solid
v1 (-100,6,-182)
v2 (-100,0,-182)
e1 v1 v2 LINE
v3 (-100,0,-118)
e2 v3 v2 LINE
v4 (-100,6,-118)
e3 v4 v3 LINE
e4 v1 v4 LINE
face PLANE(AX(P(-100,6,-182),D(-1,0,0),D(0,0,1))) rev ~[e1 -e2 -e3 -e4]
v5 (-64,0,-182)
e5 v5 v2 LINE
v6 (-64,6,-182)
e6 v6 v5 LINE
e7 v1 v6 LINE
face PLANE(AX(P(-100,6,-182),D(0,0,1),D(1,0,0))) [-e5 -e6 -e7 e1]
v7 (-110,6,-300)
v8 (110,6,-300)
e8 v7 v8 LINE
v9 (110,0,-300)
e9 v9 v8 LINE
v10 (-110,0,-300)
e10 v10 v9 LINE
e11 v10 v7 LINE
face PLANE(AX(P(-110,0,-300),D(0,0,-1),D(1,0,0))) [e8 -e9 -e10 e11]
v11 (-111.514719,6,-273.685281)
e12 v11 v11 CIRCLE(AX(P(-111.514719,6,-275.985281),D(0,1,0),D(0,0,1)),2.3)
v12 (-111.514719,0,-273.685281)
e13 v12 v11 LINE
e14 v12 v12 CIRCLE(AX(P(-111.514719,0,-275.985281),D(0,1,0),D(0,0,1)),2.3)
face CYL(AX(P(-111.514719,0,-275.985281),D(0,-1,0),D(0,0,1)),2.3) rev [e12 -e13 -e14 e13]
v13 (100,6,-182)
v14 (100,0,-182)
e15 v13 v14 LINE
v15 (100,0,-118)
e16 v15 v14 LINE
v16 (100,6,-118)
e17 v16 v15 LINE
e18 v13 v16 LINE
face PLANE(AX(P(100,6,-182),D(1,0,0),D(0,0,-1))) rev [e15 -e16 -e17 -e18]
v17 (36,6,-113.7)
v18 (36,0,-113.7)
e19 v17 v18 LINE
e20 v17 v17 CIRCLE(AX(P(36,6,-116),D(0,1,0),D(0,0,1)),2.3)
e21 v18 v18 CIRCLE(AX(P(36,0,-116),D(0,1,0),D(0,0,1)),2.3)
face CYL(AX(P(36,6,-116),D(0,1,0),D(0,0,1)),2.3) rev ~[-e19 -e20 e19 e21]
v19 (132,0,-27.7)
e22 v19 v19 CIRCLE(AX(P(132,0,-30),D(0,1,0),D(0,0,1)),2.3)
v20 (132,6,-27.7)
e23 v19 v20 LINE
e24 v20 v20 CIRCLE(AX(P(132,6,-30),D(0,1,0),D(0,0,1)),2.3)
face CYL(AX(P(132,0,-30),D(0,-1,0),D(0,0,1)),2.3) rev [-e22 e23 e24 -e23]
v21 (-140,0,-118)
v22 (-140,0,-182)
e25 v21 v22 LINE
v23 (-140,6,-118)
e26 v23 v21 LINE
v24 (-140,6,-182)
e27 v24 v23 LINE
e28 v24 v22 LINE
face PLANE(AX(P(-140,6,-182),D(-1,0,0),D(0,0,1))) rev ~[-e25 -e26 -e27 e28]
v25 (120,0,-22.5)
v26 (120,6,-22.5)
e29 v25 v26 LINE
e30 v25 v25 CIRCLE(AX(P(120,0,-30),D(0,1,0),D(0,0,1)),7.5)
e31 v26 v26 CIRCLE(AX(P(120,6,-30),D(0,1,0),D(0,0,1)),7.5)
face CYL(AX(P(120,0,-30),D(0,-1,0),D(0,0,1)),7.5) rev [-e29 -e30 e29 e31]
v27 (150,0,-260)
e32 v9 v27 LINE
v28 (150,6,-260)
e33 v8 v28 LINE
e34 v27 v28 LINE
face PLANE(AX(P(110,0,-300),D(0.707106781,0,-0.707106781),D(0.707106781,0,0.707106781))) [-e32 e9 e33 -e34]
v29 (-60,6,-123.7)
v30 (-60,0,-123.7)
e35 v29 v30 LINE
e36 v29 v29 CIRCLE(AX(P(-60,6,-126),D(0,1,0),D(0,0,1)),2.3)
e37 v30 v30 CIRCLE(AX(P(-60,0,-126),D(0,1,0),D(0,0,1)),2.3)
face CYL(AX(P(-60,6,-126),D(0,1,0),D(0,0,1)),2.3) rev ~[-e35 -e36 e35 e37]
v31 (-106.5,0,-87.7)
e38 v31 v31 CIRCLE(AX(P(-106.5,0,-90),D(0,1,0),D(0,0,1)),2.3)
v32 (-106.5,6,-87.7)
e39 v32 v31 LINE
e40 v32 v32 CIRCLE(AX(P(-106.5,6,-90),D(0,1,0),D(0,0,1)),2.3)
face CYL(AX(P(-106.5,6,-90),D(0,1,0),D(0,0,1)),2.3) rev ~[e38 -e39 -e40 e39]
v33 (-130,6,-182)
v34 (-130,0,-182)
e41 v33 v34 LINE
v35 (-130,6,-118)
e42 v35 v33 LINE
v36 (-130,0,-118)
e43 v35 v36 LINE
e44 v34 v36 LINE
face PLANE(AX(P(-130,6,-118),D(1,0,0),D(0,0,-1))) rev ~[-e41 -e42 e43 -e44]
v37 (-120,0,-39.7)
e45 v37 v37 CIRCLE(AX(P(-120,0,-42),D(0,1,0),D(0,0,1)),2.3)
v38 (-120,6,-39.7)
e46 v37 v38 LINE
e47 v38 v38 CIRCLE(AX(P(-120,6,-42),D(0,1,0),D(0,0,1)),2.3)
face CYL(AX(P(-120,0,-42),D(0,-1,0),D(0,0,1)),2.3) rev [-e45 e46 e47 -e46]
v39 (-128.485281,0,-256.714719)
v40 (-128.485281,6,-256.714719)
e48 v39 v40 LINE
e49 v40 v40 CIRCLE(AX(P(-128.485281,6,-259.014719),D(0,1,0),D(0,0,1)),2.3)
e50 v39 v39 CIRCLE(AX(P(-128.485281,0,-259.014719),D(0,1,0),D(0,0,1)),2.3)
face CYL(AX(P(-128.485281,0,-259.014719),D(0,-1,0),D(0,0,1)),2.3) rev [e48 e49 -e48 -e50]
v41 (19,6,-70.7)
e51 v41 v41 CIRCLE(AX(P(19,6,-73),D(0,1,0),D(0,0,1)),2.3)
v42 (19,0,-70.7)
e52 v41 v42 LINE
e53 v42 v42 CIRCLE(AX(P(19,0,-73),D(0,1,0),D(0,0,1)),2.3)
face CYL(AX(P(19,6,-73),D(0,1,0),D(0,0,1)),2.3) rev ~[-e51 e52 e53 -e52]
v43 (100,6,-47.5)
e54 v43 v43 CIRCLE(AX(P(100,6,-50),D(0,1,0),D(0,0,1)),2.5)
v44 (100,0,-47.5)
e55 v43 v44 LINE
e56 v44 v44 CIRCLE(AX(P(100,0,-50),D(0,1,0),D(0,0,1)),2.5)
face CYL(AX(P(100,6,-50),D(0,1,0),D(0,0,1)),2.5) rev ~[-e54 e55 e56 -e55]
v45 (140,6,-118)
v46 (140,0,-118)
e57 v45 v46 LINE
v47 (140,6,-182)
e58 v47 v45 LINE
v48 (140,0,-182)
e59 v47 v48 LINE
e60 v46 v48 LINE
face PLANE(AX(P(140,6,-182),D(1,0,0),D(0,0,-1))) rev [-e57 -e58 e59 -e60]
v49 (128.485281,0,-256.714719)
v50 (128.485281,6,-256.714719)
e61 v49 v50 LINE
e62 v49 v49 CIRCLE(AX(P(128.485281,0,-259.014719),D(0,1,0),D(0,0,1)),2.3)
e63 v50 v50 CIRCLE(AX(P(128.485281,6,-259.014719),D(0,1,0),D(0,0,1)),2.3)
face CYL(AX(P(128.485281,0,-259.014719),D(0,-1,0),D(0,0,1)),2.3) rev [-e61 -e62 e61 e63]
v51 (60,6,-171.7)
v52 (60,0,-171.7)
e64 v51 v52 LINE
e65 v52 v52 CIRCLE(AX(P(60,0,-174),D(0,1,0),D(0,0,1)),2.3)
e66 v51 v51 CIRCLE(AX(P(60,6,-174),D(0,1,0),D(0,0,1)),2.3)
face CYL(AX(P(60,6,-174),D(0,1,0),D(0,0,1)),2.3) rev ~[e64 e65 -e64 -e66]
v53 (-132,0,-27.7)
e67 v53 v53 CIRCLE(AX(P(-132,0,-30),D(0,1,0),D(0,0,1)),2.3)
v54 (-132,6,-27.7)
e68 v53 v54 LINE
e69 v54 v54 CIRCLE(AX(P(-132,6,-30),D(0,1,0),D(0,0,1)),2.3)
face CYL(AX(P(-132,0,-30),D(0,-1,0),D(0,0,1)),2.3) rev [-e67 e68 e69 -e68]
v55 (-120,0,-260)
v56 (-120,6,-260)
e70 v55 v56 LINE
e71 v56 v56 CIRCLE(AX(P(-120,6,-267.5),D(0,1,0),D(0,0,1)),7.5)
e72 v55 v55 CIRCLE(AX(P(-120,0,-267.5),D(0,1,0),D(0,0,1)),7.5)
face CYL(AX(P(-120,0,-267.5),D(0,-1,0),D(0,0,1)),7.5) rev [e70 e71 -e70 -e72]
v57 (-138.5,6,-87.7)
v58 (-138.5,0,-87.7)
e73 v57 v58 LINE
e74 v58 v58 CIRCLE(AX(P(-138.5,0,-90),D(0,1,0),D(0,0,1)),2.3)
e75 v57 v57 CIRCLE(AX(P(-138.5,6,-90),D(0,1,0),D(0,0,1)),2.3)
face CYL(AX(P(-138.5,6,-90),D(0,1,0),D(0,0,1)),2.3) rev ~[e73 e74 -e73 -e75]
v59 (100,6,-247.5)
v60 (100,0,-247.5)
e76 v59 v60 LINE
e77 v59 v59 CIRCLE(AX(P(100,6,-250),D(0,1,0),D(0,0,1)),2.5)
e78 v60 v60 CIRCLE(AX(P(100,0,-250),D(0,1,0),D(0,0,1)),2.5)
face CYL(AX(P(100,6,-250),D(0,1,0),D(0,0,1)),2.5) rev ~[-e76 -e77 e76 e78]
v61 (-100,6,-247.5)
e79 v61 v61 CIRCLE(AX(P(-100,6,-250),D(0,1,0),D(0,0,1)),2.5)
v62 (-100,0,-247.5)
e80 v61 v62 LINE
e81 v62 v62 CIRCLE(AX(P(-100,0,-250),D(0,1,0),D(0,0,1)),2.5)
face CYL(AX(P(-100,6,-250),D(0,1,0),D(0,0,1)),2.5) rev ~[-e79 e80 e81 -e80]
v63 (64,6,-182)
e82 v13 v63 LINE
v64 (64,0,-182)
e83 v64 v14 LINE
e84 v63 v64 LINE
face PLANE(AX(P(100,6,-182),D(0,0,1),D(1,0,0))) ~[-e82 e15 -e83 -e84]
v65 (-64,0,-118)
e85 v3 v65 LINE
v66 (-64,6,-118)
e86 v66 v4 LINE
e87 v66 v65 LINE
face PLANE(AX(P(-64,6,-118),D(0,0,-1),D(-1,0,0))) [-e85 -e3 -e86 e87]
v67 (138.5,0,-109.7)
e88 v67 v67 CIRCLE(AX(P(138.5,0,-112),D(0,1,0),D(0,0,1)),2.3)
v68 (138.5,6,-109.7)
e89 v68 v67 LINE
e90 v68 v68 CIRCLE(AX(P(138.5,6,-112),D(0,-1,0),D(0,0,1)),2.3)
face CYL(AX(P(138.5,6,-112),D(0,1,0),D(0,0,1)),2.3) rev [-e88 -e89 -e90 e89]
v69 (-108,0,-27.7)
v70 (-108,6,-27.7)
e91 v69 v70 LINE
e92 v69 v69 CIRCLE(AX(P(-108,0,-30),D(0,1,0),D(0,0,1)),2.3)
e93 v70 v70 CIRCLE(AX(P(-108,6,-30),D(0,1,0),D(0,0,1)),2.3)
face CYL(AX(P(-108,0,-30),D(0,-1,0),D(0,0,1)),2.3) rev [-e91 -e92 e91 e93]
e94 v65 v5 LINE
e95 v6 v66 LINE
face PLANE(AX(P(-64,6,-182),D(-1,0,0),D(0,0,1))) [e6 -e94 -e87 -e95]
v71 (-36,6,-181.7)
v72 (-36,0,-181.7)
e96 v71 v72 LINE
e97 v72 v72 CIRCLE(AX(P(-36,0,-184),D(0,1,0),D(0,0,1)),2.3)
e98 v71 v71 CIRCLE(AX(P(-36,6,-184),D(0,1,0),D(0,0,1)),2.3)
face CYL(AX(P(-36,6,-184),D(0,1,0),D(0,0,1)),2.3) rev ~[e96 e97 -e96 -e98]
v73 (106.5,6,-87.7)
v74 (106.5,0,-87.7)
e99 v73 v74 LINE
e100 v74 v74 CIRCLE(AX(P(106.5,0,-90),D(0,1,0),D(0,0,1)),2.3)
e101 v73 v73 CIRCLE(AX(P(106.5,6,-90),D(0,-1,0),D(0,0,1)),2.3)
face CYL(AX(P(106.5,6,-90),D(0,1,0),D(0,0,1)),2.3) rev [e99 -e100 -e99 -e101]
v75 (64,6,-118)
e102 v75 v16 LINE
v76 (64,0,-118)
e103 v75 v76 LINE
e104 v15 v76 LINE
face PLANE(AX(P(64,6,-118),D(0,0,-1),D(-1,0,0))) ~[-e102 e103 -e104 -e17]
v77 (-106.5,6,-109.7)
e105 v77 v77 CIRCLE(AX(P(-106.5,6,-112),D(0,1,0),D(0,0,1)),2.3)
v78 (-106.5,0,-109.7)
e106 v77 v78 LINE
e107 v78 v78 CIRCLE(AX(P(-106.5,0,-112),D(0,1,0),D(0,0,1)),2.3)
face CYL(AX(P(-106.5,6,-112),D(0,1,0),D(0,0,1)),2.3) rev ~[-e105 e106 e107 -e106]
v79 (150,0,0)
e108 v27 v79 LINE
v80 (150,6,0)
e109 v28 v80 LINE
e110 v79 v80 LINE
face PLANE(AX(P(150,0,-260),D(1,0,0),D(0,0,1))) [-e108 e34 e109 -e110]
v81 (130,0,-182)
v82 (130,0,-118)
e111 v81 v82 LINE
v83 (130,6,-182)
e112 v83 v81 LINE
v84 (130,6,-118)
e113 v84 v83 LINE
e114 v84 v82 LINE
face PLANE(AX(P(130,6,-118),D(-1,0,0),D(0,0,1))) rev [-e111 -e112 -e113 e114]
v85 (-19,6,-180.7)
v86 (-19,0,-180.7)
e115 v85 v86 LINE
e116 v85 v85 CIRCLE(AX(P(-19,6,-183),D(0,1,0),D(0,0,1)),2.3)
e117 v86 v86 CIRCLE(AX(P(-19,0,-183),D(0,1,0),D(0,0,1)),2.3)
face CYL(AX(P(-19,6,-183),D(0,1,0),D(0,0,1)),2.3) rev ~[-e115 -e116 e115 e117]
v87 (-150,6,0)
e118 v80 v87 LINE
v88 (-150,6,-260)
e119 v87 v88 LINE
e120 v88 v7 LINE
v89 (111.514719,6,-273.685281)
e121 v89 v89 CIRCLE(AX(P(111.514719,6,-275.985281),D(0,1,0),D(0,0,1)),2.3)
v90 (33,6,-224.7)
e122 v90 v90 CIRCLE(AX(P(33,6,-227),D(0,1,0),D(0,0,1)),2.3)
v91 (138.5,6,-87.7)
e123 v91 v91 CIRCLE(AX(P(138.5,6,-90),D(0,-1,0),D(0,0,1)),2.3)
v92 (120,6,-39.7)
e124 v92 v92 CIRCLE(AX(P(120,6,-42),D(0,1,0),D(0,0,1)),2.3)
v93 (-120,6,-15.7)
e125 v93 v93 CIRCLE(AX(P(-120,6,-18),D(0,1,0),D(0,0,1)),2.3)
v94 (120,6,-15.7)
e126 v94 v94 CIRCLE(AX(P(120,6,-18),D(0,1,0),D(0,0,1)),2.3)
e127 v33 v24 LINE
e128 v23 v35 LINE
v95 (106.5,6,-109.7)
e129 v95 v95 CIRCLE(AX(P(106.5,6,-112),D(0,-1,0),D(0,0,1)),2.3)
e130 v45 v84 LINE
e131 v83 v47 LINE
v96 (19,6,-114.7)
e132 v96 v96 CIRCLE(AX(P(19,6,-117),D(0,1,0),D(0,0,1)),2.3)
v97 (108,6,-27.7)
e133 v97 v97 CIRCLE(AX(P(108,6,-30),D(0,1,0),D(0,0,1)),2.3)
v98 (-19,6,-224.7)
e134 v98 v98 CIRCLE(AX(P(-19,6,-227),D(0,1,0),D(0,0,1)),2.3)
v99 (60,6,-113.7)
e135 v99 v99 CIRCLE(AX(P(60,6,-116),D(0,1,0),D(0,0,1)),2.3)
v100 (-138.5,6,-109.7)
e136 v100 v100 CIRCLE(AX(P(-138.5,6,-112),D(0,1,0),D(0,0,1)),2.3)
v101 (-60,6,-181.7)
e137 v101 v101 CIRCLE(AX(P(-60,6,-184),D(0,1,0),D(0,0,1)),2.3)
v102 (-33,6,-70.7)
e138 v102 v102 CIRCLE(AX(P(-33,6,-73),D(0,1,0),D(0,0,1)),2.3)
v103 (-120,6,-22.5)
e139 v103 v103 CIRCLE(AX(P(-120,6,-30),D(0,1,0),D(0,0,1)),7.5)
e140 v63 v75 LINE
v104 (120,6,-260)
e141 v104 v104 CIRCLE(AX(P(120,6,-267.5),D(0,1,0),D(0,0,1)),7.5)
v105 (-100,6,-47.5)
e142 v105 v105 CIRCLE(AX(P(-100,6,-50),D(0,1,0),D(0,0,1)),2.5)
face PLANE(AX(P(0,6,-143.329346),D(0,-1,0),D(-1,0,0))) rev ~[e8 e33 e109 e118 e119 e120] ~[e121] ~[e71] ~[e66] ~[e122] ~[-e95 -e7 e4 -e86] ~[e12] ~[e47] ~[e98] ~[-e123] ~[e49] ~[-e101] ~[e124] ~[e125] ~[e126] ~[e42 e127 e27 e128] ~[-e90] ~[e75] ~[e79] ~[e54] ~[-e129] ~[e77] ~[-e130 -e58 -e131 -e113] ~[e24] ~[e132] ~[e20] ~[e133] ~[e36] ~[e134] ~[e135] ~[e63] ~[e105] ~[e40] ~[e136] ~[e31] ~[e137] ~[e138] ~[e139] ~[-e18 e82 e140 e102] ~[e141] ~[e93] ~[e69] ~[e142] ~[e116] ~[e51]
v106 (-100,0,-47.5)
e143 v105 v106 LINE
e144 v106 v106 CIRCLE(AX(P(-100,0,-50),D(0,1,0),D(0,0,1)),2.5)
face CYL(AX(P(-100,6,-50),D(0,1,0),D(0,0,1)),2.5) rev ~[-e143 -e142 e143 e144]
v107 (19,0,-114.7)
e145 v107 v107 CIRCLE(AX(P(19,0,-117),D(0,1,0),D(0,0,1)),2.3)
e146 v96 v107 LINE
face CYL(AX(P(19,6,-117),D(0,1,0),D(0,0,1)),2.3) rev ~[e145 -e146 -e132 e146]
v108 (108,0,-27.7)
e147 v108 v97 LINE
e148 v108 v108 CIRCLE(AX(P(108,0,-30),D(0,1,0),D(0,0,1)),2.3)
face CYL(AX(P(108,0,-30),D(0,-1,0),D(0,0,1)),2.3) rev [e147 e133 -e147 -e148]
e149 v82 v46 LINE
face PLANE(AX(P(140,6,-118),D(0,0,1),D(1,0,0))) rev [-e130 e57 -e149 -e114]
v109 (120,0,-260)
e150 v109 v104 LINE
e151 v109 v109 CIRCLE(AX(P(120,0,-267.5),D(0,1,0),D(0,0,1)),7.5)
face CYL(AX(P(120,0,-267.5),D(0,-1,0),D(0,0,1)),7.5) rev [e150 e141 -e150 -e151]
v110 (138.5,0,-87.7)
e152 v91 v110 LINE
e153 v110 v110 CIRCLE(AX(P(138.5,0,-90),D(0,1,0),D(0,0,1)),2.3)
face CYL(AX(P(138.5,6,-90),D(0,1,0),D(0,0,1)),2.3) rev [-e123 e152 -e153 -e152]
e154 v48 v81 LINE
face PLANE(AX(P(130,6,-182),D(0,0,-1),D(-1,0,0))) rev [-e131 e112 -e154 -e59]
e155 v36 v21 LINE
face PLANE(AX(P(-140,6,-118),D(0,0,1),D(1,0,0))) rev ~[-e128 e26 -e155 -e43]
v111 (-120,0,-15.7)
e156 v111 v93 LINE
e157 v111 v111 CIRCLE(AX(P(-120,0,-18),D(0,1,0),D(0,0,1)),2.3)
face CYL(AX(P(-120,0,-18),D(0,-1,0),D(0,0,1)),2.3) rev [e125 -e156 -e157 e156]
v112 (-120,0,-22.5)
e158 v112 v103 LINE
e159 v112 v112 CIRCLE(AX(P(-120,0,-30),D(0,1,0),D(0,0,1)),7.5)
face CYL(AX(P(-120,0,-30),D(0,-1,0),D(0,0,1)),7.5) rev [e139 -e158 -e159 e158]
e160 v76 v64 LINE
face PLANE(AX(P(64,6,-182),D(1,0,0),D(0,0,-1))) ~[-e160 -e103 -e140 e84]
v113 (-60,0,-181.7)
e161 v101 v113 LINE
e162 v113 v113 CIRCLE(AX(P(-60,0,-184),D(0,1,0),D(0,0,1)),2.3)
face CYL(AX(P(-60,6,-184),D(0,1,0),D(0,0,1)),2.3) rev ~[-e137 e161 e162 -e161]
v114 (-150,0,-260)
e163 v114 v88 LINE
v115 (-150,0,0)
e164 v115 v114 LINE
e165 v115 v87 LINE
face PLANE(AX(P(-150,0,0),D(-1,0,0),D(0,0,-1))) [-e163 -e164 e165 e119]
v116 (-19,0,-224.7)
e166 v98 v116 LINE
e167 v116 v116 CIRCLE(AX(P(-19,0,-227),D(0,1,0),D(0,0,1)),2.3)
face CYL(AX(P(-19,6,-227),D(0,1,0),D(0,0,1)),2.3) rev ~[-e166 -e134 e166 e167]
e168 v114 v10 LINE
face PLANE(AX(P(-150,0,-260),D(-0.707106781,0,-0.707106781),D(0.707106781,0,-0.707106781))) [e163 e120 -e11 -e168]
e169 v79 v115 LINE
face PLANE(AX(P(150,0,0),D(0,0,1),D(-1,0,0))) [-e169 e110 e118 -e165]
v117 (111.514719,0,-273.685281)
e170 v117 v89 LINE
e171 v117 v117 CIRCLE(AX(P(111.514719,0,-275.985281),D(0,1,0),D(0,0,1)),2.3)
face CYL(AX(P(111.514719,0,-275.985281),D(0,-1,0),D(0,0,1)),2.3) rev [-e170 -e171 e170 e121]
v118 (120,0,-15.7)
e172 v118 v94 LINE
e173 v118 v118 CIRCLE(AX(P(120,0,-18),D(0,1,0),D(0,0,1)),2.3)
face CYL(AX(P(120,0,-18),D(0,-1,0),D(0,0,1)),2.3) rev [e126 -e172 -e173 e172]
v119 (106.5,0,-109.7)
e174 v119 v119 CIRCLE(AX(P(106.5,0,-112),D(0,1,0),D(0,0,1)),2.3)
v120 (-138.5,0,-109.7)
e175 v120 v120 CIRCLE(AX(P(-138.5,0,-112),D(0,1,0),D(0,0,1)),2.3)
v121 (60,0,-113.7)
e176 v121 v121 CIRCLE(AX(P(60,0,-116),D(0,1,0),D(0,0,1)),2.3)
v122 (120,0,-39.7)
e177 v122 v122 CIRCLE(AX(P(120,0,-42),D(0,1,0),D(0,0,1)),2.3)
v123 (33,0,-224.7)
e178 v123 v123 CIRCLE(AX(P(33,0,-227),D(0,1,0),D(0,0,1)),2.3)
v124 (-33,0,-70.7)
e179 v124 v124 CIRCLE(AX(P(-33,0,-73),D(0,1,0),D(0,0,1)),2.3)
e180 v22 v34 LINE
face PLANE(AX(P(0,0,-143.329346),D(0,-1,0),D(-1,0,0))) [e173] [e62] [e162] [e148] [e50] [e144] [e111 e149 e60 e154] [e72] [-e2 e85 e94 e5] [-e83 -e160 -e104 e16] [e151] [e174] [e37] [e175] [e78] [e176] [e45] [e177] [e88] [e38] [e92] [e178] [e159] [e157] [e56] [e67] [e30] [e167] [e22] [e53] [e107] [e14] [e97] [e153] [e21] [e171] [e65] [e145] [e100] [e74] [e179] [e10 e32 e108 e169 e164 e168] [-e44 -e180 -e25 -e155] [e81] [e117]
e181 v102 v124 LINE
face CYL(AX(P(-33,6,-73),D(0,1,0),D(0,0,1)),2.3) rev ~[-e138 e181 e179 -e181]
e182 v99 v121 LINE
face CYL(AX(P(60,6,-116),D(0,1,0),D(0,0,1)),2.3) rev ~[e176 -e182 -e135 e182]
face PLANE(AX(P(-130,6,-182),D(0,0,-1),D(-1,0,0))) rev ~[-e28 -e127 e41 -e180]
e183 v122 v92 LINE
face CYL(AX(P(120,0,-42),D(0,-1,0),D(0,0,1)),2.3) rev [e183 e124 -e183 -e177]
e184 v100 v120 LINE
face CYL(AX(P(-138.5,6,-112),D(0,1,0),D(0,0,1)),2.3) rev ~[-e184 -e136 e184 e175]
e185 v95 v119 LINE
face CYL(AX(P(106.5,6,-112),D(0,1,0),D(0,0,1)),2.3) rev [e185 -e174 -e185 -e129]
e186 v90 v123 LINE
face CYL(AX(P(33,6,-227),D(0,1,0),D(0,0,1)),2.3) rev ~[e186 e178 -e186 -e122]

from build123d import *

# Parameters (mm, degrees)
ESQUISSE1_R              = 7.5
ESQUISSE1_R_2            = 2.3
BOSS_EXTRU_1_DEPTH       = 6
ENL_V_MAT_EXTRU_9_DEPTH  = 10.5
ESQUISSE6_R              = 2.3
ENL_V_MAT_EXTRU_10_DEPTH = 50
ENL_V_MAT_EXTRU_11_DEPTH = 50
ESQUISSE9_R              = 2.5
ENL_V_MAT_EXTRU_12_DEPTH = 35
ESQUISSE11_R             = 2.3
ENL_V_MAT_EXTRU_15_DEPTH = 10


with BuildPart() as part:
    # Esquisse1 → Boss.-Extru.1 (new body)
    with BuildSketch(Plane(origin=(0, 0, 0), x_dir=(1, 0, 0), z_dir=(0, 1, 0))):
        Polygon((-150, 0), (-150, 260), (-110, 300), (110, 300), (150, 260), (150, 0), align=None)
        with Locations(Location((-120, 30, 0), (0, 0, 270))):
            Circle(ESQUISSE1_R, mode=Mode.SUBTRACT)
        with Locations(Location((-120, 267.5, 0), (0, 0, 270))):
            Circle(ESQUISSE1_R, mode=Mode.SUBTRACT)
        with Locations(Location((120, 267.5, 0), (0, 0, 270))):
            Circle(ESQUISSE1_R, mode=Mode.SUBTRACT)
        with Locations(Location((-111.514718626, 275.985281374, 0), (0, 0, 270))):
            Circle(ESQUISSE1_R_2, mode=Mode.SUBTRACT)
        with Locations(Location((-128.485281374, 259.014718626, 0), (0, 0, 270))):
            Circle(ESQUISSE1_R_2, mode=Mode.SUBTRACT)
        with Locations(Location((111.514718626, 275.985281374, 0), (0, 0, 270))):
            Circle(ESQUISSE1_R_2, mode=Mode.SUBTRACT)
        with Locations(Location((128.485281374, 259.014718626, 0), (0, 0, 270))):
            Circle(ESQUISSE1_R_2, mode=Mode.SUBTRACT)
        with Locations(Location((120, 30, 0), (0, 0, 270))):
            Circle(ESQUISSE1_R, mode=Mode.SUBTRACT)
        with Locations(Location((120, 42, 0), (0, 0, 270))):
            Circle(ESQUISSE1_R_2, mode=Mode.SUBTRACT)
        with Locations(Location((-120, 42, 0), (0, 0, 270))):
            Circle(ESQUISSE1_R_2, mode=Mode.SUBTRACT)
        with Locations(Location((-120, 18, 0), (0, 0, 270))):
            Circle(ESQUISSE1_R_2, mode=Mode.SUBTRACT)
        with Locations(Location((-132, 30, 0), (0, 0, 270))):
            Circle(ESQUISSE1_R_2, mode=Mode.SUBTRACT)
        with Locations(Location((-108, 30, 0), (0, 0, 270))):
            Circle(ESQUISSE1_R_2, mode=Mode.SUBTRACT)
        with Locations(Location((108, 30, 0), (0, 0, 270))):
            Circle(ESQUISSE1_R_2, mode=Mode.SUBTRACT)
        with Locations(Location((132, 30, 0), (0, 0, 270))):
            Circle(ESQUISSE1_R_2, mode=Mode.SUBTRACT)
        with Locations(Location((120, 18, 0), (0, 0, 270))):
            Circle(ESQUISSE1_R_2, mode=Mode.SUBTRACT)
    extrude(amount=BOSS_EXTRU_1_DEPTH)

    # Esquisse7 → Enlèv. mat.-Extru.9 (cut)
    with BuildSketch(Plane(origin=(0, 6, 0), x_dir=(1, 0, 0), z_dir=(0, 1, 0))):
        Polygon((-130, 150), (-130, 182), (-140, 182), (-140, 118), (-130, 118), align=None)
    enl_v_mat_extru_9 = extrude(amount=-ENL_V_MAT_EXTRU_9_DEPTH, mode=Mode.SUBTRACT)

    # Esquisse6 → Enlèv. mat.-Extru.10 (cut)
    with BuildSketch(Plane(origin=(0, 6, 0), x_dir=(1, 0, 0), z_dir=(0, 1, 0))):
        with Locations(Location((-138.5, 90, 0), (0, 0, 270))):
            Circle(ESQUISSE6_R)
        with Locations(Location((-138.5, 112, 0), (0, 0, 270))):
            Circle(ESQUISSE6_R)
        with Locations(Location((-106.5, 112, 0), (0, 0, 270))):
            Circle(ESQUISSE6_R)
        with Locations(Location((-106.5, 90, 0), (0, 0, 270))):
            Circle(ESQUISSE6_R)
    enl_v_mat_extru_10 = extrude(amount=-ENL_V_MAT_EXTRU_10_DEPTH, mode=Mode.SUBTRACT)

    # Esquisse4 → Enlèv. mat.-Extru.11 (cut)
    with BuildSketch(Plane(origin=(0, 6, 0), x_dir=(1, 0, 0), z_dir=(0, 1, 0))):
        Polygon((-100, 150), (-100, 182), (-64, 182), (-64, 118), (-100, 118), align=None)
    enl_v_mat_extru_11 = extrude(amount=-ENL_V_MAT_EXTRU_11_DEPTH, mode=Mode.SUBTRACT)

    # Symétrie1: Enlèv. mat.-Extru.9 across plane
    add(enl_v_mat_extru_9.mirror(Plane(origin=(0, 0, 0), x_dir=(0, 0, 1), z_dir=(1, 0, 0))), mode=Mode.SUBTRACT)

    # Symétrie2: Enlèv. mat.-Extru.11 across plane
    add(enl_v_mat_extru_11.mirror(Plane(origin=(0, 0, 0), x_dir=(0, 0, 1), z_dir=(1, 0, 0))), mode=Mode.SUBTRACT)

    # Symétrie3: Enlèv. mat.-Extru.10 across plane
    add(enl_v_mat_extru_10.mirror(Plane(origin=(0, 0, 0), x_dir=(0, 0, 1), z_dir=(1, 0, 0))), mode=Mode.SUBTRACT)

    # Esquisse9 → Enlèv. mat.-Extru.12 (cut)
    with BuildSketch(Plane(origin=(0, 6, 0), x_dir=(1, 0, 0), z_dir=(0, 1, 0))):
        with Locations(Location((-100, 50, 0), (0, 0, 270))):
            Circle(ESQUISSE9_R)
        with Locations(Location((100, 50, 0), (0, 0, 270))):
            Circle(ESQUISSE9_R)
        with Locations(Location((100, 250, 0), (0, 0, 270))):
            Circle(ESQUISSE9_R)
        with Locations(Location((-100, 250, 0), (0, 0, 270))):
            Circle(ESQUISSE9_R)
    extrude(amount=-ENL_V_MAT_EXTRU_12_DEPTH, mode=Mode.SUBTRACT)

    # Esquisse11 → Enlèv. mat.-Extru.15 (cut)
    with BuildSketch(Plane(origin=(0, 6, 0), x_dir=(1, 0, 0), z_dir=(0, 1, 0))):
        with Locations(Location((36, 116, 0), (0, 0, 270))):
            Circle(ESQUISSE11_R)
        with Locations(Location((60, 116, 0), (0, 0, 270))):
            Circle(ESQUISSE11_R)
        with Locations(Location((60, 174, 0), (0, 0, 270))):
            Circle(ESQUISSE11_R)
        with Locations(Location((-19, 227, 0), (0, 0, 270))):
            Circle(ESQUISSE11_R)
        with Locations(Location((-19, 183, 0), (0, 0, 270))):
            Circle(ESQUISSE11_R)
        with Locations(Location((33, 227, 0), (0, 0, 270))):
            Circle(ESQUISSE11_R)
        with Locations(Location((19, 117, 0), (0, 0, 270))):
            Circle(ESQUISSE11_R)
        with Locations(Location((19, 73, 0), (0, 0, 270))):
            Circle(ESQUISSE11_R)
        with Locations(Location((-33, 73, 0), (0, 0, 270))):
            Circle(ESQUISSE11_R)
        with Locations(Location((-60, 126, 0), (0, 0, 270))):
            Circle(ESQUISSE11_R)
        with Locations(Location((-36, 184, 0), (0, 0, 270))):
            Circle(ESQUISSE11_R)
        with Locations(Location((-60, 184, 0), (0, 0, 270))):
            Circle(ESQUISSE11_R)
    extrude(amount=-ENL_V_MAT_EXTRU_15_DEPTH, mode=Mode.SUBTRACT)


solid = part.part
